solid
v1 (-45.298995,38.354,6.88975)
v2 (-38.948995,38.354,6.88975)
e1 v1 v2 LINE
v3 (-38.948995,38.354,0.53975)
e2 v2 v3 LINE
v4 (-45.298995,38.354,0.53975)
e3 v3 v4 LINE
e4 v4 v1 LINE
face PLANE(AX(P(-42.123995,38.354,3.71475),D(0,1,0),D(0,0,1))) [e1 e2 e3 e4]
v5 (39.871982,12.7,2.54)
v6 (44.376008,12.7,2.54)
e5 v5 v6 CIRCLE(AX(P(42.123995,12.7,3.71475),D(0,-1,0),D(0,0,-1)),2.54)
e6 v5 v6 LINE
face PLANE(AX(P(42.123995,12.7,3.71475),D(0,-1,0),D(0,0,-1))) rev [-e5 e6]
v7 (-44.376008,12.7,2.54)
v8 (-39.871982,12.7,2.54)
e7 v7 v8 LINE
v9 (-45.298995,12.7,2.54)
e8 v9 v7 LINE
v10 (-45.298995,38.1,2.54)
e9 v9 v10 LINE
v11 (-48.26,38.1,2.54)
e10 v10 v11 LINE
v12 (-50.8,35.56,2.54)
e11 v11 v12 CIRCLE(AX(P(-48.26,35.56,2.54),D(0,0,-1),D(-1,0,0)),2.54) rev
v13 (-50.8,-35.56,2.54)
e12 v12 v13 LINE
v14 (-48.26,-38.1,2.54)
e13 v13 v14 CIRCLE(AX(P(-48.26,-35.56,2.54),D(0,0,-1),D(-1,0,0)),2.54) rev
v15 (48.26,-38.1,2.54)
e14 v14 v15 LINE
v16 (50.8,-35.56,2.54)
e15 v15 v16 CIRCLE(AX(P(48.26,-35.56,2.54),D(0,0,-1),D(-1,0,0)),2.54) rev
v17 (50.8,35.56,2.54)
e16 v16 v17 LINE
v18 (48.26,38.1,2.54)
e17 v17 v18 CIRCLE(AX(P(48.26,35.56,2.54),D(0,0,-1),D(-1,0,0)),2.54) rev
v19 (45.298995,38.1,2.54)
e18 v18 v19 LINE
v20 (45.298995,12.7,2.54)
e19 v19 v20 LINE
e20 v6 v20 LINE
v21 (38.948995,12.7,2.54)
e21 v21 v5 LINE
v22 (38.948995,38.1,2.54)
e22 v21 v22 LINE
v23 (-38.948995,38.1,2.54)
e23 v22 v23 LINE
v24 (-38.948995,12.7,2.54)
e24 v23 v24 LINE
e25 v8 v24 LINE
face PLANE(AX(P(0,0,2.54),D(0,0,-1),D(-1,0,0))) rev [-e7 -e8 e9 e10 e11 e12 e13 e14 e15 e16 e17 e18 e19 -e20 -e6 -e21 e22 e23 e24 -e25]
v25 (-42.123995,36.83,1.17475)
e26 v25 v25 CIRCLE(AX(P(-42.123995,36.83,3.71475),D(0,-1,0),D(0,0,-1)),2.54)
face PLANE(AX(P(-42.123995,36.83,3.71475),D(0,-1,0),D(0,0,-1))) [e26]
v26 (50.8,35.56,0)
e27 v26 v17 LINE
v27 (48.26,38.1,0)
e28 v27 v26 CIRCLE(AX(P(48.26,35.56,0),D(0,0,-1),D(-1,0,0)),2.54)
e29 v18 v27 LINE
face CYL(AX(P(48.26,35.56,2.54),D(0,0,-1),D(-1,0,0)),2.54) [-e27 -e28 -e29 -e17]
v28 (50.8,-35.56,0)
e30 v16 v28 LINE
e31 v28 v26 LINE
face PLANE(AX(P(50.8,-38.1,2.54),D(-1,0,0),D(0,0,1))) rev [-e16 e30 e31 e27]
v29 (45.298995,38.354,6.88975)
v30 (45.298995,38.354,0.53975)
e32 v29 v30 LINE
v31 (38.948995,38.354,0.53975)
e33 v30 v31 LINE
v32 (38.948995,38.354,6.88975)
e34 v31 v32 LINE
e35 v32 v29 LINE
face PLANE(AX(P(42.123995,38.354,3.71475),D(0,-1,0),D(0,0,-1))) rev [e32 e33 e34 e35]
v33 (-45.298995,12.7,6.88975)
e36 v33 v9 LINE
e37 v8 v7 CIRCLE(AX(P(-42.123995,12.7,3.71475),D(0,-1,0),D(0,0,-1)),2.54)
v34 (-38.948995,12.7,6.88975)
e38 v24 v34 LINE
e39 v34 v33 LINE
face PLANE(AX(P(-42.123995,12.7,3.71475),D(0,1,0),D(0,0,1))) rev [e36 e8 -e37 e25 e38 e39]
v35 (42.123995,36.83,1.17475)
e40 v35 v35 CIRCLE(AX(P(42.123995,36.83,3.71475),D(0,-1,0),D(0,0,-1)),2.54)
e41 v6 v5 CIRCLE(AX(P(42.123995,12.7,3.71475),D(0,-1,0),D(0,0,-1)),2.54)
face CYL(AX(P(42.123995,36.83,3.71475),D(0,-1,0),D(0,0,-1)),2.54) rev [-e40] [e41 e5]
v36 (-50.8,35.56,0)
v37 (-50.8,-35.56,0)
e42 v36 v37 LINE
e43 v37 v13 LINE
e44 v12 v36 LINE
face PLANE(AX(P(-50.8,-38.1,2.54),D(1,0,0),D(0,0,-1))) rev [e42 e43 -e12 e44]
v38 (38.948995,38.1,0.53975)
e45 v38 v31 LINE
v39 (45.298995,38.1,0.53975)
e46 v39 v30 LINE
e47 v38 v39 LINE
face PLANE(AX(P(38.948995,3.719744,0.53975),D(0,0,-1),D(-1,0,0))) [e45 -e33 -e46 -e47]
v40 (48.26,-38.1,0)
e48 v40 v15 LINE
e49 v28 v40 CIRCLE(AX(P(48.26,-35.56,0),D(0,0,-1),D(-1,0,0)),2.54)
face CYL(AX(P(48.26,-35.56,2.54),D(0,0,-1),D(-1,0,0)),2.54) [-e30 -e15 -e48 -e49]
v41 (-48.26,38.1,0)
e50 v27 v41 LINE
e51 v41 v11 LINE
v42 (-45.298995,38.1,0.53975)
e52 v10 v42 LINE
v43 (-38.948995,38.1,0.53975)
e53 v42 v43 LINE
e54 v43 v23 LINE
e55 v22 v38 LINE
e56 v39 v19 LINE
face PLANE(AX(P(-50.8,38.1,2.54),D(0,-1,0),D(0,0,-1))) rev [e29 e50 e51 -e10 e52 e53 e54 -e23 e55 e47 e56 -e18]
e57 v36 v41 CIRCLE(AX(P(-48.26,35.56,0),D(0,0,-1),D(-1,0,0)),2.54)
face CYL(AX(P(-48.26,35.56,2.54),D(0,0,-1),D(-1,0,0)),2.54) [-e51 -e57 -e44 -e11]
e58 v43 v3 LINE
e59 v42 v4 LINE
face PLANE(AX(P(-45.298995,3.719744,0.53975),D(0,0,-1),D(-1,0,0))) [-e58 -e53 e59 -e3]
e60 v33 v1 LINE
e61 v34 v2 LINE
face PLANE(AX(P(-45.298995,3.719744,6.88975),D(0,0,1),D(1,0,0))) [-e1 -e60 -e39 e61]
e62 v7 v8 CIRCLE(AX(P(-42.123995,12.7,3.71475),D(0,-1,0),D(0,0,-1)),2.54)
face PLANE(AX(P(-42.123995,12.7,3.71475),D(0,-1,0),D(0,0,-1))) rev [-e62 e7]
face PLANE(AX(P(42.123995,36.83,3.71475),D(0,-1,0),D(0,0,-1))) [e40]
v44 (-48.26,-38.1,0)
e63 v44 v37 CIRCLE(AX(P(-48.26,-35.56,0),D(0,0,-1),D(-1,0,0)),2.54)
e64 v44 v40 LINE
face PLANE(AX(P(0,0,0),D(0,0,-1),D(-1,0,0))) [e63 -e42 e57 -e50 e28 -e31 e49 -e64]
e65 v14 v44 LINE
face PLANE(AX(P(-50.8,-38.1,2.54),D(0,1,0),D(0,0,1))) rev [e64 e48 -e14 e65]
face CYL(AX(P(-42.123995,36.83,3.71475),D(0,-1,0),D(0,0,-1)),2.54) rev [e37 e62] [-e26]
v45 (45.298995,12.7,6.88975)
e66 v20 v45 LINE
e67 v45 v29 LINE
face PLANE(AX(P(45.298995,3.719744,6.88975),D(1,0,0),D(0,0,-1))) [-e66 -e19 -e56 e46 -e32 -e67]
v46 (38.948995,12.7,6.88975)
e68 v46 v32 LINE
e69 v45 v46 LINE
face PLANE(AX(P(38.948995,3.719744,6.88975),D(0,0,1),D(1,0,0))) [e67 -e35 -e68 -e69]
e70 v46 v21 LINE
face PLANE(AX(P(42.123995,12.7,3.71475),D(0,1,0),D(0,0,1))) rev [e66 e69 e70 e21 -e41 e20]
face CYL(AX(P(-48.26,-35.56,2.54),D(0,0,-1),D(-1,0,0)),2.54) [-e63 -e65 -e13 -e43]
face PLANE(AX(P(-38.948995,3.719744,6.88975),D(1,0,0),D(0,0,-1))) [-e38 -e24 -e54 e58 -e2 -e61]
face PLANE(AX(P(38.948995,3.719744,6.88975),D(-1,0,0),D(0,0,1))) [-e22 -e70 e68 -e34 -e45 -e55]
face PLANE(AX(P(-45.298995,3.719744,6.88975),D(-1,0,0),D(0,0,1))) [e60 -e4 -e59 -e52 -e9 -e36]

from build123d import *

# Parameters (mm, degrees)
SKETCH1_W           = 101.6
SKETCH1_H           = 76.2
BOSS_EXTRUDE1_DEPTH = 2.54
SKETCH2_R           = 1.5875
SKETCH2_R_2         = 1.3335
BOSS_EXTRUDE2_DEPTH = 25.4
BOSS_EXTRUDE3_START = 0.254
SKETCH3_R           = 1.5875
BOSS_EXTRUDE3_DEPTH = 0.254
FILLET1_R           = 2.54
BOSS_EXTRUDE4_START = -25.654
SKETCH4_W           = 6.35
SKETCH4_H           = 6.35
BOSS_EXTRUDE4_DEPTH = 25.654
SKETCH5_R           = 2.54
CUT_EXTRUDE1_DEPTH  = 24.13


with BuildPart() as part:
    # Sketch1 → Boss-Extrude1 (new body)
    with BuildSketch(Plane.XY):
        Rectangle(SKETCH1_W, SKETCH1_H)
    extrude(amount=BOSS_EXTRUDE1_DEPTH)

    # Sketch2 → Boss-Extrude2 (add)
    # profile 1 of 2: a face of its own
    with BuildSketch(Plane(origin=(0, 38.1, 0), x_dir=(1, 0, 0), z_dir=(0, 1, 0))):
        with Locations((-42.123995, -3.71475)):
            Circle(SKETCH2_R)
        with Locations((-42.123995, -3.71475)):
            Circle(SKETCH2_R_2, mode=Mode.SUBTRACT)
    # profile 2 of 2: a face of its own
    with BuildSketch(Plane(origin=(0, 38.1, 0), x_dir=(1, 0, 0), z_dir=(0, 1, 0))):
        with Locations((42.123995, -3.71475)):
            Circle(SKETCH2_R)
        with Locations((42.123995, -3.71475)):
            Circle(SKETCH2_R_2, mode=Mode.SUBTRACT)
    extrude(amount=-BOSS_EXTRUDE2_DEPTH)

    # Sketch3 → Boss-Extrude3 (add)
    with BuildSketch(Plane(origin=(0, 38.1, 0), x_dir=(1, 0, 0), z_dir=(0, 1, 0)).offset(BOSS_EXTRUDE3_START)):
        with Locations(Location((-42.123995, -3.71475, 0), (0, 0, 270))):
            Circle(SKETCH3_R)
        with Locations(Location((42.123995, -3.71475, 0), (0, 0, 132.26858443))):
            Circle(SKETCH3_R)
    extrude(amount=-BOSS_EXTRUDE3_DEPTH)

    # Fillet1
    fillet1_edges = [part.edges().sort_by_distance(p)[0] for p in [
        (50.8, -38.1, 1.27),
        (-50.8, -38.1, 1.27),
        (-50.8, 38.1, 1.27),
        (50.8, 38.1, 1.27),
    ]]
    fillet(fillet1_edges, radius=FILLET1_R)

    # Sketch4 → Boss-Extrude4 (add)
    with BuildSketch(Plane(origin=(0, 38.354, 0), x_dir=(1, 0, 0), z_dir=(0, 1, 0)).offset(BOSS_EXTRUDE4_START)):
        with Locations((-42.123995, -3.71475)):
            Rectangle(SKETCH4_W, SKETCH4_H)
        with Locations((42.123995, -3.71475)):
            Rectangle(SKETCH4_W, SKETCH4_H)
    extrude(amount=BOSS_EXTRUDE4_DEPTH)

    # Sketch5 → Cut-Extrude1 (cut)
    with BuildSketch(Plane.XZ.offset(-12.7)):
        with Locations(Location((-42.123995, 3.71475, 0), (0, 0, 270))):
            Circle(SKETCH5_R)
        with Locations(Location((42.123995, 3.71475, 0), (0, 0, 270))):
            Circle(SKETCH5_R)
    extrude(amount=-CUT_EXTRUDE1_DEPTH, mode=Mode.SUBTRACT)


solid = part.part
